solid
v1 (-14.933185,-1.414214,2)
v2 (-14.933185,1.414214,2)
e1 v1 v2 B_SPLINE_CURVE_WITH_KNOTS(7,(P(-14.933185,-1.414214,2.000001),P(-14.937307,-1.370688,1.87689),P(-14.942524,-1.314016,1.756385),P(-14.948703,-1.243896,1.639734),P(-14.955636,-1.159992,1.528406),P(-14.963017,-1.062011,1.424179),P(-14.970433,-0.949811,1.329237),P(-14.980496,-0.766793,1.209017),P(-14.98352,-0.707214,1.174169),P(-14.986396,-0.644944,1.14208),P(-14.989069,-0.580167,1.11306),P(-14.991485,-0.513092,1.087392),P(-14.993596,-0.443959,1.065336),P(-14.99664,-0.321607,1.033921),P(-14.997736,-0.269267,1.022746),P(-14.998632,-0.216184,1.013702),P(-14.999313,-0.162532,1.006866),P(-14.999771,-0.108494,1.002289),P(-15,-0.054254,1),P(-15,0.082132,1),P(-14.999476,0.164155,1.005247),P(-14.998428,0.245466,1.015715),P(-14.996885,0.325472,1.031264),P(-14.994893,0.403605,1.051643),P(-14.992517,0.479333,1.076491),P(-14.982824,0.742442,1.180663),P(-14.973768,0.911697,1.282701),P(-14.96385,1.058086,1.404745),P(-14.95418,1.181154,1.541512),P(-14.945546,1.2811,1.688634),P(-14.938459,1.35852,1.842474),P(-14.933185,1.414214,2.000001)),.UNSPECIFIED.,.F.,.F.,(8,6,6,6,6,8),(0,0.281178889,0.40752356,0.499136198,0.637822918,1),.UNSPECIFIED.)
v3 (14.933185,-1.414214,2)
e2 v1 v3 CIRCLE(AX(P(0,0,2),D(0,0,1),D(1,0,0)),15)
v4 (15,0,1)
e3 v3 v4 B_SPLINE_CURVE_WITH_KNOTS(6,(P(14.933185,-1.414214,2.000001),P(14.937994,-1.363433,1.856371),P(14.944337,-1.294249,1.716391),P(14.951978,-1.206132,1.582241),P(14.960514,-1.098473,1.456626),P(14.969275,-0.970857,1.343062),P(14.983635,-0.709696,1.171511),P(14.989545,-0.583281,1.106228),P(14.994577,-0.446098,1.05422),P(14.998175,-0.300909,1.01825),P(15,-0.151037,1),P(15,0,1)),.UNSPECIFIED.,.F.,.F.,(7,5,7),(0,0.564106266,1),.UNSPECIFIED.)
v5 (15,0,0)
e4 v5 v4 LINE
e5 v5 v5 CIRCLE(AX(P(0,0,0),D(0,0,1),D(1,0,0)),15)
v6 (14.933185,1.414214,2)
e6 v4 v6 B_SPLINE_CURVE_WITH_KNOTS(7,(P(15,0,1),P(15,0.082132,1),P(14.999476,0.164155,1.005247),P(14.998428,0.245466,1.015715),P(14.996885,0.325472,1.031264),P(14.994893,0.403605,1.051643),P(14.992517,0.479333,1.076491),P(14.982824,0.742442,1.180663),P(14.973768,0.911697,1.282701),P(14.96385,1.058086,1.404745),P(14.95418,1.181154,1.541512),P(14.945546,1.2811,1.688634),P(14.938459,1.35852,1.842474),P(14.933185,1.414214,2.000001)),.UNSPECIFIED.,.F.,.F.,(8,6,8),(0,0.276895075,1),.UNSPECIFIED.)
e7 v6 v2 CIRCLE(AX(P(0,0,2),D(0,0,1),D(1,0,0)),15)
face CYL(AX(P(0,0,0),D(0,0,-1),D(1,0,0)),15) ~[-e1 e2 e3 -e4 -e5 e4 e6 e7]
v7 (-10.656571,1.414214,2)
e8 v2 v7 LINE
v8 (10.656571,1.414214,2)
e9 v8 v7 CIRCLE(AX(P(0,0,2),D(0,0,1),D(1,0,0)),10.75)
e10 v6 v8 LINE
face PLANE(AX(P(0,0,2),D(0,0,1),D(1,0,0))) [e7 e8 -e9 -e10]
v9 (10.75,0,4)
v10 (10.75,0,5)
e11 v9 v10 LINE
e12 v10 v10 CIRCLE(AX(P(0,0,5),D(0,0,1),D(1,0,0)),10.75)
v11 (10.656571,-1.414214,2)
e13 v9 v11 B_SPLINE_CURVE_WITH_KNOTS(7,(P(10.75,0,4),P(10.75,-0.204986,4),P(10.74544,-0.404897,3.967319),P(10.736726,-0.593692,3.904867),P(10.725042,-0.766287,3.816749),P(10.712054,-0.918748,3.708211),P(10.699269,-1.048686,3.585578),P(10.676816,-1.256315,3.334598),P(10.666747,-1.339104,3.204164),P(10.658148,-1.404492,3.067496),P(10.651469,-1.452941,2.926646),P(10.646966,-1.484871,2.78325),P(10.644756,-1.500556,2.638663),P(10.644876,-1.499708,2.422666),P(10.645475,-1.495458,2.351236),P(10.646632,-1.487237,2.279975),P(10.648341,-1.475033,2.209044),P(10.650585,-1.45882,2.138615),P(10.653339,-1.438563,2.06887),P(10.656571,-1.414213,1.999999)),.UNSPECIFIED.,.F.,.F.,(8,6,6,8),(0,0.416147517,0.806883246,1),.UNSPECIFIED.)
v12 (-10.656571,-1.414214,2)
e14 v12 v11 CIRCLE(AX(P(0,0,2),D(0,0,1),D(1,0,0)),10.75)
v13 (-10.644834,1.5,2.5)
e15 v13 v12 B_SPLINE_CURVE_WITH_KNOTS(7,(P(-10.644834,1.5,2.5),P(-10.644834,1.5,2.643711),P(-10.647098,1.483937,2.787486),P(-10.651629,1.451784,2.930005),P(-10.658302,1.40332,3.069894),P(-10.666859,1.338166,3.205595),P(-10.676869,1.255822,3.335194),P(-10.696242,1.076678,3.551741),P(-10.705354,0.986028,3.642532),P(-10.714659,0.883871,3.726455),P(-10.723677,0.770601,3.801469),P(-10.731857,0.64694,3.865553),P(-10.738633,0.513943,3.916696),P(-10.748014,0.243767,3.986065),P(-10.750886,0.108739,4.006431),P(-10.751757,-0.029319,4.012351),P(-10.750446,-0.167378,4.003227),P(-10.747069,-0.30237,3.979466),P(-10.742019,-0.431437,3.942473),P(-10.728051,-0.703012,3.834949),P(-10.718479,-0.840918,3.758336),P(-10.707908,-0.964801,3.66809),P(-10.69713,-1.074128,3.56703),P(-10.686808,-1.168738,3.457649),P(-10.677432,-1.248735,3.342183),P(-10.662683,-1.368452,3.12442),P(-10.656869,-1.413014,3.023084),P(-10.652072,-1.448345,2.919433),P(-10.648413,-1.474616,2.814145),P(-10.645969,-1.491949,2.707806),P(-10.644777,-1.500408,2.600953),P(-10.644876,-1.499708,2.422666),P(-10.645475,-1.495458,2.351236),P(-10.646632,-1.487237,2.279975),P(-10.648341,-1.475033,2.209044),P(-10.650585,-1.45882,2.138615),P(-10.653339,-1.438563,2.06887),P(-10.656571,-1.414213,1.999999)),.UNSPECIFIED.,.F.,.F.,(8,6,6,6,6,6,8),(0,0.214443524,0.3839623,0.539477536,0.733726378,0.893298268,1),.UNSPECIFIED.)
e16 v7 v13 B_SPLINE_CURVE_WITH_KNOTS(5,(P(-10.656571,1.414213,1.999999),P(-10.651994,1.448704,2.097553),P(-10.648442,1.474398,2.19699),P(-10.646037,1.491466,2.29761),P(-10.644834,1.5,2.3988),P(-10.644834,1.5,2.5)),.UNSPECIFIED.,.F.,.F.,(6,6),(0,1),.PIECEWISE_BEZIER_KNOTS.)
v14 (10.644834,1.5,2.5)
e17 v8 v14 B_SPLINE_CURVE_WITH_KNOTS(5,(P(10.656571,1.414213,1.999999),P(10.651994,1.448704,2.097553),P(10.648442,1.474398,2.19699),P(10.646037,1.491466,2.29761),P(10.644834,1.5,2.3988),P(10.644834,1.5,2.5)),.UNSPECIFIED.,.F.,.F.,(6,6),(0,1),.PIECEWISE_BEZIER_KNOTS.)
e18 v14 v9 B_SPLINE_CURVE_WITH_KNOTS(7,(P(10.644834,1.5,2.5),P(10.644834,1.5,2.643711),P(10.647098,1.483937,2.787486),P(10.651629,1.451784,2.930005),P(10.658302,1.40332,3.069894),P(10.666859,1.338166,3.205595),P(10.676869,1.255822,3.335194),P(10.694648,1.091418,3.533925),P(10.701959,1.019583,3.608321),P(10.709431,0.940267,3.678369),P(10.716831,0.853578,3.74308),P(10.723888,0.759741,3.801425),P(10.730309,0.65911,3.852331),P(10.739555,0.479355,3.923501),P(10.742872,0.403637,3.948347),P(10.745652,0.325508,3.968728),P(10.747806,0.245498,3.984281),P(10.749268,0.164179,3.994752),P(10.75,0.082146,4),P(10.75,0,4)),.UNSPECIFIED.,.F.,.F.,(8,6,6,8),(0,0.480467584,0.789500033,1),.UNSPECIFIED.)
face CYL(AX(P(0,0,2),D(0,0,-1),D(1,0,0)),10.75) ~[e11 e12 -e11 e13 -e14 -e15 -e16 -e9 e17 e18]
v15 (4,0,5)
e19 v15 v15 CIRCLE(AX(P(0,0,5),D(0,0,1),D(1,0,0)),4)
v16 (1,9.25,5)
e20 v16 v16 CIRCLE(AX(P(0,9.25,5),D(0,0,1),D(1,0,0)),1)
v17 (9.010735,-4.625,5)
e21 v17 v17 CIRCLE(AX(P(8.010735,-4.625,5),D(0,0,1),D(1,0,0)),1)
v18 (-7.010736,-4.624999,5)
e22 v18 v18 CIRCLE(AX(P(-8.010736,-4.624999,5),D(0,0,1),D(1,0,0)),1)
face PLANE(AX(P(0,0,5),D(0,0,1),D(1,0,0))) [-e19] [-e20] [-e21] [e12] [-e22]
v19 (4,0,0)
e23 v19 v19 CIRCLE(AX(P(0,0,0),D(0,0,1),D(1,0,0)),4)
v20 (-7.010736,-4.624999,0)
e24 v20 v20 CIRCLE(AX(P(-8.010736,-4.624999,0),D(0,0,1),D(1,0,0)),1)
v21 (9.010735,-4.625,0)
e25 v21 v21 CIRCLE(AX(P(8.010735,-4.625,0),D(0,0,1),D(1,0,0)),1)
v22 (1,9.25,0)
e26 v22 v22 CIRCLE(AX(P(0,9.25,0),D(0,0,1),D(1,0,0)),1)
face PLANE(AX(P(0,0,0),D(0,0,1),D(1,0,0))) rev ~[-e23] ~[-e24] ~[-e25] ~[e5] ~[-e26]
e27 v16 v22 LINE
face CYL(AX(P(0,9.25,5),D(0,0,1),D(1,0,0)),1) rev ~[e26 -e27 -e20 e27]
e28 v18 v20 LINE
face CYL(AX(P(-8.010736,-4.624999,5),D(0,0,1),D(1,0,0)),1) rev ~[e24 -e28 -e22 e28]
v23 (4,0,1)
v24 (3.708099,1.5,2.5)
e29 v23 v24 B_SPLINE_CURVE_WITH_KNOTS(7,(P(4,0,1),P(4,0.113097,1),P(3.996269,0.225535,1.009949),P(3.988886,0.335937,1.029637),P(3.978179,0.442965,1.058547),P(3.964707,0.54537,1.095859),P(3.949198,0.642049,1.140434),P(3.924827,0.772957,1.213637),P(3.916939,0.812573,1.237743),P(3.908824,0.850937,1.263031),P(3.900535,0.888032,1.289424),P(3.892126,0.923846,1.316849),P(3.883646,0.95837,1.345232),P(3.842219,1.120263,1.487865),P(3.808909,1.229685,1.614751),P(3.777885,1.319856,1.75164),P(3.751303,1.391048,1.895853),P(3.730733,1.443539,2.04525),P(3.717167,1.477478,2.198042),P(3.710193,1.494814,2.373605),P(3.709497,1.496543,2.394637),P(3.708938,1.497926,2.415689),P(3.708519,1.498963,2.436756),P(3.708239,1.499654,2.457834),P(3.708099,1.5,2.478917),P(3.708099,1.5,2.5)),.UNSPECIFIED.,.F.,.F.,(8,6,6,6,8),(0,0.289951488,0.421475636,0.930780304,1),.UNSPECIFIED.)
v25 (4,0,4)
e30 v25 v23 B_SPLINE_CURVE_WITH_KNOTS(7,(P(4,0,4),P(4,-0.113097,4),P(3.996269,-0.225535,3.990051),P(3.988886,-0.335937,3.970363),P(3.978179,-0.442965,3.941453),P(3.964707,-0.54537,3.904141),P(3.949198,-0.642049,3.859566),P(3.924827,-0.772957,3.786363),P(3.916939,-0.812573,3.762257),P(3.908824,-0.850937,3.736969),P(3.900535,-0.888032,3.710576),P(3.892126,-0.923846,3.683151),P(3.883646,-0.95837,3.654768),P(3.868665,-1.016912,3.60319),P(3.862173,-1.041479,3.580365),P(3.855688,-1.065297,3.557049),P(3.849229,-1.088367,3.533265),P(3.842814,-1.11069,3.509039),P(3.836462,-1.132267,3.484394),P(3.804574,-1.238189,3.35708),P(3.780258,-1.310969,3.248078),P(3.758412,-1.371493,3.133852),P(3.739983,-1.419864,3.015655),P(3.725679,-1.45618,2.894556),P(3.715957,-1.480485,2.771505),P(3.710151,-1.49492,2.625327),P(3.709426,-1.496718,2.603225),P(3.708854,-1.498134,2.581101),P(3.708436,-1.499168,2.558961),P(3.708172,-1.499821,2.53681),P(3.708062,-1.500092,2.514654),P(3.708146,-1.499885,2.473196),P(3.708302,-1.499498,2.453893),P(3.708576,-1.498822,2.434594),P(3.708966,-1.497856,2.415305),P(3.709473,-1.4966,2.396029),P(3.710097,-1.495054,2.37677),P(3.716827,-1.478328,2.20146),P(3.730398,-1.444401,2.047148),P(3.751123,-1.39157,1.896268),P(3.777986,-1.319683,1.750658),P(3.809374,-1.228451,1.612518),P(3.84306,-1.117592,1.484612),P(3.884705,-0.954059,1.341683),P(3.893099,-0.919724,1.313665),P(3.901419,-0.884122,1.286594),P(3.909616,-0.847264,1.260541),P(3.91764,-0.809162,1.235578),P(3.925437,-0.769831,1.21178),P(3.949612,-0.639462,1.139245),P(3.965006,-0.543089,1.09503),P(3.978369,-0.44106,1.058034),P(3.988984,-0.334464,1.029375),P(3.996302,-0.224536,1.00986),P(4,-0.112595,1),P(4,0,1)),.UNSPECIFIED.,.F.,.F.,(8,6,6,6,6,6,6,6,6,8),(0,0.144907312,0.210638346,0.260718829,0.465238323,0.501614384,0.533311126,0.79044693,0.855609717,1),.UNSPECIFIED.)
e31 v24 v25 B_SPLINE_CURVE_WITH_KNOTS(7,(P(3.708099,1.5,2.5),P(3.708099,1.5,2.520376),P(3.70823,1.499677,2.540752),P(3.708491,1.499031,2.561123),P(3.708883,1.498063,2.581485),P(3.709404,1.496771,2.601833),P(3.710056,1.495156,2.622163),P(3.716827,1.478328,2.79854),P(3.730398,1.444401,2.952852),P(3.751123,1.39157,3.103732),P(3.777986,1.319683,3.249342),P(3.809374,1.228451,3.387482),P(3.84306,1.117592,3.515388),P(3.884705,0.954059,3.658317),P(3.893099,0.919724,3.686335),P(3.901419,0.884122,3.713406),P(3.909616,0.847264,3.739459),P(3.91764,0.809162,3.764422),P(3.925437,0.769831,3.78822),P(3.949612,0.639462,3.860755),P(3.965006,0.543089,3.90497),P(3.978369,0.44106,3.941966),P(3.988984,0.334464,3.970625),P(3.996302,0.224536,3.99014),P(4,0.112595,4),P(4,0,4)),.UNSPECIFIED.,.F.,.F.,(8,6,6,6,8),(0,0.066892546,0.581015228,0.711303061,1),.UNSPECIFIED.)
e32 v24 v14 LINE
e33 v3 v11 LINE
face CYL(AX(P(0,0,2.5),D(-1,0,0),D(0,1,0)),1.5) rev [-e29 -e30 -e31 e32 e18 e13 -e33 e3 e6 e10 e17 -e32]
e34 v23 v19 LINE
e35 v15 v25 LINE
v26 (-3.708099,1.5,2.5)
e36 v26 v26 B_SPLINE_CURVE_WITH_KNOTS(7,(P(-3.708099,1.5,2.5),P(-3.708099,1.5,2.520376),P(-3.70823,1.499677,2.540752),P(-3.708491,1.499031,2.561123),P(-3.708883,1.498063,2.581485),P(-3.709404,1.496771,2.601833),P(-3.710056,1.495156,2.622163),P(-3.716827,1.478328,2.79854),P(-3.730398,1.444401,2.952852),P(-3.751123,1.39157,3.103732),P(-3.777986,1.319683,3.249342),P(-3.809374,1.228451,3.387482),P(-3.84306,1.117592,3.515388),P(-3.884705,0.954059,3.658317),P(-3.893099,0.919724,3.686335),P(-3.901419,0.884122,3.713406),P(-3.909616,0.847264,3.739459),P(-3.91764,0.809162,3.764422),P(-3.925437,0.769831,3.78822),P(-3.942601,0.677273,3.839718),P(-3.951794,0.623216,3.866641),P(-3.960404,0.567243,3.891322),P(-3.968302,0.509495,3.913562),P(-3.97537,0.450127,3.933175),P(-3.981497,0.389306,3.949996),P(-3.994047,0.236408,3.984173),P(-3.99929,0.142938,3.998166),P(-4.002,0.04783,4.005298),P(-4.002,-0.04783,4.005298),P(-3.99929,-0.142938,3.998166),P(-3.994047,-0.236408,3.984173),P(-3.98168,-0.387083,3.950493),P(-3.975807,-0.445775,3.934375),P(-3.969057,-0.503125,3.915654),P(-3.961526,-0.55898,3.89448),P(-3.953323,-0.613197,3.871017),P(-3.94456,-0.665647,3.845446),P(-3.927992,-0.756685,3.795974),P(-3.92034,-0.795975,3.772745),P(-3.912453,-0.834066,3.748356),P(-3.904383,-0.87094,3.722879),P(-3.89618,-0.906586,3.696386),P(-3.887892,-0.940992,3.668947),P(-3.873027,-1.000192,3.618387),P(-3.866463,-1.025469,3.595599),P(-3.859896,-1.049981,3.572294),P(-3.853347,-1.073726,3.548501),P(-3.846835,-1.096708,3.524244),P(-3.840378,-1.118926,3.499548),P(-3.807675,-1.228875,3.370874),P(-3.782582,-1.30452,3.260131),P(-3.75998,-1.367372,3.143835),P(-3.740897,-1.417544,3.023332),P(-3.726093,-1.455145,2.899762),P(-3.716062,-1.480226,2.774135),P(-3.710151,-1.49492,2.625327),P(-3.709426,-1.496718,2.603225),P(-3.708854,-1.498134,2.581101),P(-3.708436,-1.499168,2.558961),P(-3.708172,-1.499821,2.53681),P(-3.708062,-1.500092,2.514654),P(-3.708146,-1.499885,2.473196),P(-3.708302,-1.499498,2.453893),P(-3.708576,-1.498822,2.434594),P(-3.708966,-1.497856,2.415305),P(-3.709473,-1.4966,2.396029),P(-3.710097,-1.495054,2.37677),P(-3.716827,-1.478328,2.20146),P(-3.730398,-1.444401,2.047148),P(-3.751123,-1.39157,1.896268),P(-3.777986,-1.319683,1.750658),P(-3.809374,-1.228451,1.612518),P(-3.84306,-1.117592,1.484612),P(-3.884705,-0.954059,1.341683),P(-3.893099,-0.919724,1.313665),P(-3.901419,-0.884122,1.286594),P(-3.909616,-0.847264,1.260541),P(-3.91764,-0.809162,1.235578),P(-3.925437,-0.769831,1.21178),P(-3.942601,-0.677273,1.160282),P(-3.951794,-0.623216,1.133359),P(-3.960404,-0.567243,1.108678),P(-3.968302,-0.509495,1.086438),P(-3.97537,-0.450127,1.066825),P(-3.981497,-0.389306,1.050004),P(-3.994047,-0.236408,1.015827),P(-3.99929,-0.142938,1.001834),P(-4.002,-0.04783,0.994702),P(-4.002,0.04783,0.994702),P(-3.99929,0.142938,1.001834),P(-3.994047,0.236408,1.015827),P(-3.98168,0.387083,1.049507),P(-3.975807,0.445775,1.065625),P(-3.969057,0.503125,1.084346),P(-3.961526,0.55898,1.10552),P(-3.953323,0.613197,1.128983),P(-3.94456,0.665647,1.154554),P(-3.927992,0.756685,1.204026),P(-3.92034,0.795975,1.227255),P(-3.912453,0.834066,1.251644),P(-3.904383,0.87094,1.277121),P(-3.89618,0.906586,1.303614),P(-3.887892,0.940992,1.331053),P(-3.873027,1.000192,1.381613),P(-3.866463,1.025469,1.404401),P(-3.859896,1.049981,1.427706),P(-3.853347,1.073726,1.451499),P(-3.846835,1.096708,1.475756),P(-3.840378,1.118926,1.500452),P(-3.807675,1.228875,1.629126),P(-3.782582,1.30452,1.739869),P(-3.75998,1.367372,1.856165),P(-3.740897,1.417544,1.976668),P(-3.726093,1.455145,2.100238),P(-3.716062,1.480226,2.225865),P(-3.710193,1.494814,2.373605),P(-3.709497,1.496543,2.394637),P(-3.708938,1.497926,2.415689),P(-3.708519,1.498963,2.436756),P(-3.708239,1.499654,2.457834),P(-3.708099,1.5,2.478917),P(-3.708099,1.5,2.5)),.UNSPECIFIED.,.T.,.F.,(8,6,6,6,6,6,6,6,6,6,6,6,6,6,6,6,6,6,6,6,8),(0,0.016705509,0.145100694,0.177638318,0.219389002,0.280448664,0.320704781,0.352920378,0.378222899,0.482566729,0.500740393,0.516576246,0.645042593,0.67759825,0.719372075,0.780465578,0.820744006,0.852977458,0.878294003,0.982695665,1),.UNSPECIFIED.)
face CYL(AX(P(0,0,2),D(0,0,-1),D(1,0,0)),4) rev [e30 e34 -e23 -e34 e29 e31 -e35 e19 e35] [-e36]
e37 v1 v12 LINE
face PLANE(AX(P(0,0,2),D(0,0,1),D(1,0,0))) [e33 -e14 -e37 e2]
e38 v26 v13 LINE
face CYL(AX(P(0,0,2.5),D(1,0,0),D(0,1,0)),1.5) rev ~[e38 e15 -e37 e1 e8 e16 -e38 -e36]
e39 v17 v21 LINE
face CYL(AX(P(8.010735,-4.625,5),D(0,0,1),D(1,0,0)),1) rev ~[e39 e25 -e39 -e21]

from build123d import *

# Parameters (mm, degrees)
F0_R          = 15
F0_R_2        = 4
F1_DEPTH      = 2
F2_R          = 10.75
F2_R_2        = 4
F3_DEPTH      = 3
F4_R          = 1.5
F5_DEPTH      = 25
F5_DEPTH_BACK = 25
F6_R          = 1
F7_DEPTH      = 25


with BuildPart() as f1:
    # F0 (on Top) → F1 (new body)
    with BuildSketch(Plane.XY):
        Circle(F0_R)
        Circle(F0_R_2, mode=Mode.SUBTRACT)
    extrude(amount=F1_DEPTH)

    # F2 (on face) → F3 (join)
    with BuildSketch(Plane.XY.offset(2)):
        Circle(F2_R)
        Circle(F2_R_2, mode=Mode.SUBTRACT)
    extrude(amount=F3_DEPTH)

    # F4 (on Right) → F5 (cut, two sides)
    with BuildSketch(Plane.YZ) as f5_sk:
        with Locations((0, 2.5)):
            Circle(F4_R)
    extrude(amount=-F5_DEPTH, mode=Mode.SUBTRACT)
    extrude(f5_sk.sketch, amount=F5_DEPTH_BACK, mode=Mode.SUBTRACT)

    # F6 (on face) → F7 (cut)
    with BuildSketch(Plane.XY.offset(5)):
        with Locations((8.0107347155, -4.6250004669)):
            Circle(F6_R)
        with Locations((0, 9.25)):
            Circle(F6_R)
        with Locations((-8.0107355241, -4.6249990662)):
            Circle(F6_R)
    extrude(amount=-F7_DEPTH, mode=Mode.SUBTRACT)


solid = f1.part
